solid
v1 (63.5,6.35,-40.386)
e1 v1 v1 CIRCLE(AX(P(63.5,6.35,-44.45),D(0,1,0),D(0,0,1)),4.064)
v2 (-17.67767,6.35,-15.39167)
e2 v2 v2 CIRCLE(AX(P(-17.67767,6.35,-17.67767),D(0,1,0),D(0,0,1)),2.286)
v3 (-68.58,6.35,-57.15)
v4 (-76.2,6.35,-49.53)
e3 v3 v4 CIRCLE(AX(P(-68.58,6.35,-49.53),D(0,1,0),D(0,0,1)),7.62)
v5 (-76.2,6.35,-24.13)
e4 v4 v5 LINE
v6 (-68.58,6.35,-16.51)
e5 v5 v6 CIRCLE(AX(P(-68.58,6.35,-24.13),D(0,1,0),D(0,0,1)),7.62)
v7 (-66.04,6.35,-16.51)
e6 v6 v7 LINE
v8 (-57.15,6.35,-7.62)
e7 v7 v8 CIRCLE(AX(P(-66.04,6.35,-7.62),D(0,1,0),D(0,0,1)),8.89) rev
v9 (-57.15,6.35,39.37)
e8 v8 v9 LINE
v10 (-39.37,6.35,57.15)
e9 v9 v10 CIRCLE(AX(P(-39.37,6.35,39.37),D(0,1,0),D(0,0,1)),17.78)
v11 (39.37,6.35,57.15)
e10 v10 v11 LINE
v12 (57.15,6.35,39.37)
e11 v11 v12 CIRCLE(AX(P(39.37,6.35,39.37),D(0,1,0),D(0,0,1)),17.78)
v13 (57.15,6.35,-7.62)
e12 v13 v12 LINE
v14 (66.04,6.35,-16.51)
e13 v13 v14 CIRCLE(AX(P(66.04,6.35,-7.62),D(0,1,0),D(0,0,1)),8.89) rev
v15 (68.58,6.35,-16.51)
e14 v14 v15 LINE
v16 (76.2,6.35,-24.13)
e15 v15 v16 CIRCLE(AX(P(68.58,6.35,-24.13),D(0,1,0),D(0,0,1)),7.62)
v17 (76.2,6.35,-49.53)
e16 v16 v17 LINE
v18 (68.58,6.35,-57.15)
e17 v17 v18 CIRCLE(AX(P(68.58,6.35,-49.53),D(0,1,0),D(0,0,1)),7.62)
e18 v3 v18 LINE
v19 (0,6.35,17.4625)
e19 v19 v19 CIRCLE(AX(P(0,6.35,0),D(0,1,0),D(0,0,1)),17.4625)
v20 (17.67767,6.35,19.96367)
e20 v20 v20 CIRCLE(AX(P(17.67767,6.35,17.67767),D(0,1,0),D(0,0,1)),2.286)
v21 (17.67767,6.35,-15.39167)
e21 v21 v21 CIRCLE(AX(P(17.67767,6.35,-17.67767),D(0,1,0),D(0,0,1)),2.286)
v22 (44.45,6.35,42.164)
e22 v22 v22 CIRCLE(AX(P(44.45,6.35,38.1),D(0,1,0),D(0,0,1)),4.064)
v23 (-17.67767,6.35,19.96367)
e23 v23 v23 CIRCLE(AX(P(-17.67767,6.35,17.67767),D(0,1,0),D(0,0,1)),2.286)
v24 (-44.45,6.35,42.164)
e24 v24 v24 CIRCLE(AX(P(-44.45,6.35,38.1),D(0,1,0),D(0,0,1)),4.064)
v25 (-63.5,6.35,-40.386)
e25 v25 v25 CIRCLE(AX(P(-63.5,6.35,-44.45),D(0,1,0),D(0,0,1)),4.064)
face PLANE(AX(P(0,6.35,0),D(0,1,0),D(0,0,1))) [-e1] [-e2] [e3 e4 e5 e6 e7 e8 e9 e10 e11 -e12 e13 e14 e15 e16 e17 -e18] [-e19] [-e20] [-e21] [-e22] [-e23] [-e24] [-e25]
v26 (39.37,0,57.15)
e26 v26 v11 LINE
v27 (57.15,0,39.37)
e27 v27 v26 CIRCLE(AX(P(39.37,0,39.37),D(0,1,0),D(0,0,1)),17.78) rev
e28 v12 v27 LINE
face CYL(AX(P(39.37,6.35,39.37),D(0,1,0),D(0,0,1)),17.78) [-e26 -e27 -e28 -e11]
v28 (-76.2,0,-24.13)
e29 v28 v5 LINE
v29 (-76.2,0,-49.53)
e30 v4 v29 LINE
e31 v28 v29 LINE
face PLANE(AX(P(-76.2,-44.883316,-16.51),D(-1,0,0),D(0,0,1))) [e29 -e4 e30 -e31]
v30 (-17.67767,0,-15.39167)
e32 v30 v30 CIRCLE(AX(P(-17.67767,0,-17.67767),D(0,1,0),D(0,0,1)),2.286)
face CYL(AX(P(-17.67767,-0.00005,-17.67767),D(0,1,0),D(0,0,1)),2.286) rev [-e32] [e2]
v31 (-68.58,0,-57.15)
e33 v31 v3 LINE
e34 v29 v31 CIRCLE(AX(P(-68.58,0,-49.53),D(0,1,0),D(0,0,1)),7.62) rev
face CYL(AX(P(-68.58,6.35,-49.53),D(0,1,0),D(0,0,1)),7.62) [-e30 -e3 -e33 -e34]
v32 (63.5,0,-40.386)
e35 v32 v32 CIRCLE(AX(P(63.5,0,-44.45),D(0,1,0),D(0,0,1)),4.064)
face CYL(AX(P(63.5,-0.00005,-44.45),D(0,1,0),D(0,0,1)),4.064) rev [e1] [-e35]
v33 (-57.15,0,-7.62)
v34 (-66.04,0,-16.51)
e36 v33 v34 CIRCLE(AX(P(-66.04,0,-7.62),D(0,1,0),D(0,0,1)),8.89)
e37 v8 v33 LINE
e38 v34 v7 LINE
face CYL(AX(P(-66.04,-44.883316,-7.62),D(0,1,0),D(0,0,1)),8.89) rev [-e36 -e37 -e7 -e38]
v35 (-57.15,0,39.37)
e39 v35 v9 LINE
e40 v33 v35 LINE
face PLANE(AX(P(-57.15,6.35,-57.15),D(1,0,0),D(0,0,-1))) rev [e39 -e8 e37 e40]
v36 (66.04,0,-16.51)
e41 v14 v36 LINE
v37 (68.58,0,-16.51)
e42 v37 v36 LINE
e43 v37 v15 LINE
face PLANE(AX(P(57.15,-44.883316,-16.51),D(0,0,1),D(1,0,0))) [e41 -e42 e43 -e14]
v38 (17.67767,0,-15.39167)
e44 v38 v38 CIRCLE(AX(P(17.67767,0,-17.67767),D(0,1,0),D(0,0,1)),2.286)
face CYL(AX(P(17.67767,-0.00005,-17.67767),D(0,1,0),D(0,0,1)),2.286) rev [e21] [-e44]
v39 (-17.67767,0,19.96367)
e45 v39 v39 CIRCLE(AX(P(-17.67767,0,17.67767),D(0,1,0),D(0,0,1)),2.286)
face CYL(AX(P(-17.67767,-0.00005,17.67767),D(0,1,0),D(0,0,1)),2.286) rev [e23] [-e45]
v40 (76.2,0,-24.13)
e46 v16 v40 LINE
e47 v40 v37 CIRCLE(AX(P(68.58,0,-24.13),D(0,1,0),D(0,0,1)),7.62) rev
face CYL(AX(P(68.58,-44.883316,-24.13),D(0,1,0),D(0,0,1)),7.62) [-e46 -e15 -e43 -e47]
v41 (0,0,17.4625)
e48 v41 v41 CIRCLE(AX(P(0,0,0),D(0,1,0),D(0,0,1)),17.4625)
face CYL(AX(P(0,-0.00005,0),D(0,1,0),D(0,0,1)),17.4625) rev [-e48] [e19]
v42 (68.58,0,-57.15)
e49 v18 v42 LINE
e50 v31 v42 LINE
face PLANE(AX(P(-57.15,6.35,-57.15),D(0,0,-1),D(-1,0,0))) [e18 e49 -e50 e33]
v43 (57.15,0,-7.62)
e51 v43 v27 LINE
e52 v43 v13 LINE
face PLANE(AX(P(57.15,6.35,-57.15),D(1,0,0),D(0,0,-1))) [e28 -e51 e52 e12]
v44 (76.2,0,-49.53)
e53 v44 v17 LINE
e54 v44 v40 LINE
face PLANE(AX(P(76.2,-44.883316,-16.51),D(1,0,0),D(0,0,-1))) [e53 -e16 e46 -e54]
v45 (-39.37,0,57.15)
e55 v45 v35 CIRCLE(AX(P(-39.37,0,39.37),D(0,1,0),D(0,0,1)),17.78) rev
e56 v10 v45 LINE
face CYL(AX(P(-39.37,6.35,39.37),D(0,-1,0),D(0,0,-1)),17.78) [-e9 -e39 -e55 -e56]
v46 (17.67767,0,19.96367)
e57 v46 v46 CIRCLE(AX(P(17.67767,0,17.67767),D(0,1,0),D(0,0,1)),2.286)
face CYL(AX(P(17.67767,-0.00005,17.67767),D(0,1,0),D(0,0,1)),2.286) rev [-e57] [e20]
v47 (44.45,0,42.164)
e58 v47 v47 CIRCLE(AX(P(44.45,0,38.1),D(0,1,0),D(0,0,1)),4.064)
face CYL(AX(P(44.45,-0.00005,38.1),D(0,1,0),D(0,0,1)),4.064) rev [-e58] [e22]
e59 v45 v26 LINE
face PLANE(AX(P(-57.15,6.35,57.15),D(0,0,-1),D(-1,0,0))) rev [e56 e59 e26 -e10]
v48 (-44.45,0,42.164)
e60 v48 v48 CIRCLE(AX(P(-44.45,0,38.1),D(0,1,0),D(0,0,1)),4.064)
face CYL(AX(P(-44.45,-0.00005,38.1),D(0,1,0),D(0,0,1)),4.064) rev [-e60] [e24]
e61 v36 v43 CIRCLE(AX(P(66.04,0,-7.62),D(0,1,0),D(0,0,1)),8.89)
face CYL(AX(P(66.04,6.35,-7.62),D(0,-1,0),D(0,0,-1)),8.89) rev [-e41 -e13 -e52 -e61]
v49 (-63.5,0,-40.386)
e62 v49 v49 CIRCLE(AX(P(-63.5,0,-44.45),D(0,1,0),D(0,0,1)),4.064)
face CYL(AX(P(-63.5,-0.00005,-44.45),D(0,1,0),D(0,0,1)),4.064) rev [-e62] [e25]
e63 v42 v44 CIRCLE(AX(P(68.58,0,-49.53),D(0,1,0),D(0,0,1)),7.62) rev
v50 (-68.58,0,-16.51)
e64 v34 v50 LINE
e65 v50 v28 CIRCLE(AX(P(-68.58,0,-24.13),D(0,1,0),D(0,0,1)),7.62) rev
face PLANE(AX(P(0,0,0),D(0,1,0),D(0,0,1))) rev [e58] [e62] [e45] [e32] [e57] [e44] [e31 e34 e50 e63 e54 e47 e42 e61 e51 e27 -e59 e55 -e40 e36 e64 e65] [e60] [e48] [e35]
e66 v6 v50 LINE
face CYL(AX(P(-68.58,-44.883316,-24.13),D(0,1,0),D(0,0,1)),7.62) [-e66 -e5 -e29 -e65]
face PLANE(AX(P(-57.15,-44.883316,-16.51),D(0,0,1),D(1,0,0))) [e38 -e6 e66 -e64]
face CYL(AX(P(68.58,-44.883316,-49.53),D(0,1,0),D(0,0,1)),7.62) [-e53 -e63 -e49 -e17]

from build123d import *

# Parameters (mm, degrees)
SKETCH1_W           = 114.3
SKETCH1_H           = 114.3
BOSS_EXTRUDE1_DEPTH = 6.35
SKETCH3_W           = 19.05
SKETCH3_H           = 40.64
BOSS_EXTRUDE2_DEPTH = 6.35
SKETCH2_R           = 4.064
SKETCH2_R_2         = 17.4625
SKETCH2_R_3         = 2.286
CUT_EXTRUDE1_DEPTH  = 7.35
FILLET1_R           = 8.89
FILLET2_R           = 17.78
FILLET3_R           = 7.62


with BuildPart() as part:
    # Sketch1 → Boss-Extrude1 (new body)
    with BuildSketch(Plane(origin=(0, 0, 0), x_dir=(1, 0, 0), z_dir=(0, 1, 0))):
        Rectangle(SKETCH1_W, SKETCH1_H)
    extrude(amount=BOSS_EXTRUDE1_DEPTH)

    # Sketch3 → Boss-Extrude2 (add)
    with BuildSketch(Plane(origin=(0, 6.35, 0), x_dir=(1, 0, 0), z_dir=(0, 1, 0))):
        with Locations((66.675, 36.83)):
            Rectangle(SKETCH3_W, SKETCH3_H)
        with Locations((-66.675, 36.83)):
            Rectangle(SKETCH3_W, SKETCH3_H)
    extrude(amount=-BOSS_EXTRUDE2_DEPTH)

    # Sketch2 → Cut-Extrude1 (cut, through all)
    with BuildSketch(Plane(origin=(0, 6.35, 0), x_dir=(1, 0, 0), z_dir=(0, 1, 0))):
        with Locations((-63.5, 44.45)):
            Circle(SKETCH2_R)
        with Locations((63.5, 44.45)):
            Circle(SKETCH2_R)
        with Locations((44.45, -38.1)):
            Circle(SKETCH2_R)
        with Locations((-44.45, -38.1)):
            Circle(SKETCH2_R)
        Circle(SKETCH2_R_2)
        with Locations((-17.67766953, 17.67766953)):
            Circle(SKETCH2_R_3)
        with Locations((17.67766953, 17.67766953)):
            Circle(SKETCH2_R_3)
        with Locations((17.67766953, -17.67766953)):
            Circle(SKETCH2_R_3)
        with Locations((-17.67766953, -17.67766953)):
            Circle(SKETCH2_R_3)
    extrude(amount=-CUT_EXTRUDE1_DEPTH, mode=Mode.SUBTRACT)

    # Fillet1
    fillet1_edges = [part.edges().sort_by_distance(p)[0] for p in [
        (57.15, 3.175, -16.51),
        (-57.15, 3.175, -16.51),
    ]]
    fillet(fillet1_edges, radius=FILLET1_R)

    # Fillet2
    fillet2_edges = [part.edges().sort_by_distance(p)[0] for p in [
        (57.15, 3.175, 57.15),
        (-57.15, 3.175, 57.15),
    ]]
    fillet(fillet2_edges, radius=FILLET2_R)

    # Fillet3
    fillet3_edges = [part.edges().sort_by_distance(p)[0] for p in [
        (76.2, 3.175, -16.51),
        (76.2, 3.175, -57.15),
        (-76.2, 3.175, -57.15),
        (-76.2, 3.175, -16.51),
    ]]
    fillet(fillet3_edges, radius=FILLET3_R)


solid = part.part
